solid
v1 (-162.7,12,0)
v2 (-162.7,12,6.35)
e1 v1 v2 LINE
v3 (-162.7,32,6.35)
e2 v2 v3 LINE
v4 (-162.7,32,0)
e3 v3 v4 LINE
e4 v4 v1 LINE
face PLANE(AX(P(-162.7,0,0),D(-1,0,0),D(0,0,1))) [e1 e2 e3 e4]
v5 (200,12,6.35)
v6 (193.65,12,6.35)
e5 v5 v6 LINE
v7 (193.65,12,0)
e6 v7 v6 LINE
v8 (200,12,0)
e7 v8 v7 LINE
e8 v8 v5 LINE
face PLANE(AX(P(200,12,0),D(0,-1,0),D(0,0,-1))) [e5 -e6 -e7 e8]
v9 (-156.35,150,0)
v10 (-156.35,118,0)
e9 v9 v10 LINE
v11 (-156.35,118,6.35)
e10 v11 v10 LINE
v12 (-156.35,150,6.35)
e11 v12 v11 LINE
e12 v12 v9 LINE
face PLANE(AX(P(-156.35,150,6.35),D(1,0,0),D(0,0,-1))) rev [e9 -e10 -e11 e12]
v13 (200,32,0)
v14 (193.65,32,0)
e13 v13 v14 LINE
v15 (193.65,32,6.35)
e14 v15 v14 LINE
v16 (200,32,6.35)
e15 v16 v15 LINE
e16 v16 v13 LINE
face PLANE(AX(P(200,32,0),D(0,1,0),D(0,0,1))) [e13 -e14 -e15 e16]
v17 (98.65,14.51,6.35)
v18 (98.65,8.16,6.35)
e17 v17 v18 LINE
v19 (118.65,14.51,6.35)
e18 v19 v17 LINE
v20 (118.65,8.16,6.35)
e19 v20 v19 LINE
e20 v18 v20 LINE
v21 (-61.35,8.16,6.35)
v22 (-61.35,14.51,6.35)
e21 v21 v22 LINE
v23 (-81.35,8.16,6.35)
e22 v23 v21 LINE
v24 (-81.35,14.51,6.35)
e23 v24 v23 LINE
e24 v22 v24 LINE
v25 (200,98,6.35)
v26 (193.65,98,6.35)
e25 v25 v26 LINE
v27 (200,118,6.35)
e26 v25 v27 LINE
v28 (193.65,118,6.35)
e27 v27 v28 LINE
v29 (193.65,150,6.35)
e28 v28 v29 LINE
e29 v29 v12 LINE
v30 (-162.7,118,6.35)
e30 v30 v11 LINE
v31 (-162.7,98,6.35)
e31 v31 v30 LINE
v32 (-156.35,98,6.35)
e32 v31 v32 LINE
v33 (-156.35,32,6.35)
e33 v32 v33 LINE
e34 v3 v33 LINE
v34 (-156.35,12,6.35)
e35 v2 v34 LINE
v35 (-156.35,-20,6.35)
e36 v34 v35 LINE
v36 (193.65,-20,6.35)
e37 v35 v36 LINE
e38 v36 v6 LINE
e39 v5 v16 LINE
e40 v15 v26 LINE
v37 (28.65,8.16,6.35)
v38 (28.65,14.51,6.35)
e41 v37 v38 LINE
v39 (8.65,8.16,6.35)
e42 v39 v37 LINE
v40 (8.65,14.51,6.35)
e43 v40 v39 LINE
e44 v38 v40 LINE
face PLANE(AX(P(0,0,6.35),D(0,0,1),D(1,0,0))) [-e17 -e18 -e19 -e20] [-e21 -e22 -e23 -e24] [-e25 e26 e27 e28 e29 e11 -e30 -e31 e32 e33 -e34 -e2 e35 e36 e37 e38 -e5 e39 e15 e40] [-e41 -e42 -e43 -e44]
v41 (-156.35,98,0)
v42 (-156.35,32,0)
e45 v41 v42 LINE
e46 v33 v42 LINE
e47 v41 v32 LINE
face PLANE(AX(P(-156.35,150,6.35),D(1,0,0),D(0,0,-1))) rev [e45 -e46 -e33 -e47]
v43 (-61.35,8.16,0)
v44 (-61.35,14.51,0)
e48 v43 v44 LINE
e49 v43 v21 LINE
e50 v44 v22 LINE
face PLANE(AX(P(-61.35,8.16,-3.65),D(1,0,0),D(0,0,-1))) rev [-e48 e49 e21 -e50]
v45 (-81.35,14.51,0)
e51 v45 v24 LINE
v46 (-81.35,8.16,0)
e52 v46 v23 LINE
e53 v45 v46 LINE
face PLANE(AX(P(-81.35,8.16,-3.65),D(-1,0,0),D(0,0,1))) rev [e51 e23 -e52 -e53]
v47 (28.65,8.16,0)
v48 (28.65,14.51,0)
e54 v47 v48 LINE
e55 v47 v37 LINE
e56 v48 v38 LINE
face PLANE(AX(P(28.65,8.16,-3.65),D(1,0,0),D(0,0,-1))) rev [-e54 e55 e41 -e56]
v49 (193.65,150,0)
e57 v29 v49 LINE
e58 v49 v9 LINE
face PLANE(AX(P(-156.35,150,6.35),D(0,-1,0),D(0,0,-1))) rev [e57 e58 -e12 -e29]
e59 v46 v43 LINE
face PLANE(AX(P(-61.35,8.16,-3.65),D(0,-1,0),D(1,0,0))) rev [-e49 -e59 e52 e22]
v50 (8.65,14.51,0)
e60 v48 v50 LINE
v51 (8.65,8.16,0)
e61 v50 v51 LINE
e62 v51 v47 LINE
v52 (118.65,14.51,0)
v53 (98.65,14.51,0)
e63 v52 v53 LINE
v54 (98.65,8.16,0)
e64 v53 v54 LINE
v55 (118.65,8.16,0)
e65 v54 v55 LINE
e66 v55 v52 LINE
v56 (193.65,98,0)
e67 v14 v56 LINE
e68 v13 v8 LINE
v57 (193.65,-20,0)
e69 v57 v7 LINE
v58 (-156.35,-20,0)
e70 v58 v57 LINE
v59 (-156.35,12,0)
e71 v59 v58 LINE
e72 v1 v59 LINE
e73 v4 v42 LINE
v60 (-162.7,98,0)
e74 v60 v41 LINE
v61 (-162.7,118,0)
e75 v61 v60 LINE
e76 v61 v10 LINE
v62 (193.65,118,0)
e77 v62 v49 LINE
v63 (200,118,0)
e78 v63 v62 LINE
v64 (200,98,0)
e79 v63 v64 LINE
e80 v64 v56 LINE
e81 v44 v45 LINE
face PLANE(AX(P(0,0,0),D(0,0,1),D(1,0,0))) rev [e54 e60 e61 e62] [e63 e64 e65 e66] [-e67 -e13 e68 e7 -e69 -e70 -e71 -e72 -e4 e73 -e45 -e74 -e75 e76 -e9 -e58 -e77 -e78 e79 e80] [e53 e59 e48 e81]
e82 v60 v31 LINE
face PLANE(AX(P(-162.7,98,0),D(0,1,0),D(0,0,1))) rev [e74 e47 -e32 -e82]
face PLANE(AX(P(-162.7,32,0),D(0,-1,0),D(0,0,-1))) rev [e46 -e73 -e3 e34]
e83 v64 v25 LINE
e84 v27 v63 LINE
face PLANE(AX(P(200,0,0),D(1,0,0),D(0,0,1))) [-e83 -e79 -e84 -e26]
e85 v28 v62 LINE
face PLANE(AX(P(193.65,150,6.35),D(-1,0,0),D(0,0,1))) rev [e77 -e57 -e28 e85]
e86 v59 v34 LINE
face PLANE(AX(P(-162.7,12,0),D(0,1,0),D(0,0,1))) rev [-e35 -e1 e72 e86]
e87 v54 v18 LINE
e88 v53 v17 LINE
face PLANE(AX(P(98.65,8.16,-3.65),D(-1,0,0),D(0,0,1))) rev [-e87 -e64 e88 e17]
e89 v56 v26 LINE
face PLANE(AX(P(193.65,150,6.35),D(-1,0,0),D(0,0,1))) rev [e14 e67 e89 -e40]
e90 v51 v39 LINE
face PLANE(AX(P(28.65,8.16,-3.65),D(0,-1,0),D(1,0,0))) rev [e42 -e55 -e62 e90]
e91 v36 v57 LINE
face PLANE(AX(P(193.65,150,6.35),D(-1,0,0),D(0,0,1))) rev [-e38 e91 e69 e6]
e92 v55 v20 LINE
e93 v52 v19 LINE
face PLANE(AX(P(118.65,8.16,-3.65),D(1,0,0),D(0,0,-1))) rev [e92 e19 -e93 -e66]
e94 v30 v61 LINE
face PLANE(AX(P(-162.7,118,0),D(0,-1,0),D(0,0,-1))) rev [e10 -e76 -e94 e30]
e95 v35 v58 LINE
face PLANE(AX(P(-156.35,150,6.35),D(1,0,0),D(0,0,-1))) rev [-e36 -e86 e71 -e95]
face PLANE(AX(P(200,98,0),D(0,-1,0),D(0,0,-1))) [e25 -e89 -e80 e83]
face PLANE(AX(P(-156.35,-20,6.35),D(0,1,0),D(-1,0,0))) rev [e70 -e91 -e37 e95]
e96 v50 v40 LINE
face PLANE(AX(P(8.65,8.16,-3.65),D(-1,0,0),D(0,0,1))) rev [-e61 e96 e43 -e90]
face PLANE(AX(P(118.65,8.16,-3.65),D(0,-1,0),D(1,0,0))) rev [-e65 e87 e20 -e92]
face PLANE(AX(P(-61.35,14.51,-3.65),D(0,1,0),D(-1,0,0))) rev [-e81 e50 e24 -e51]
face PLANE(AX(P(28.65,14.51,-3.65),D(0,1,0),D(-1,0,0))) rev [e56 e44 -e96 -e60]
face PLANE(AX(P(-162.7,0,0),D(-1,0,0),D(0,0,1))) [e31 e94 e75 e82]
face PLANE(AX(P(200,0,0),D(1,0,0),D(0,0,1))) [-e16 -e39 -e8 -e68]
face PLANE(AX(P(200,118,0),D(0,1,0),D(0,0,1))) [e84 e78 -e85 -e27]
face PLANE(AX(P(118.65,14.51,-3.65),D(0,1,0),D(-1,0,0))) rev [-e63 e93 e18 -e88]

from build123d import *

# Parameters (mm, degrees)
CROQUIS1_W              = 350
CROQUIS1_H              = 170
SALIENTE_EXTRUIR1_DEPTH = 6.35
CROQUIS2_W              = 6.35
CROQUIS2_H              = 20
SALIENTE_EXTRUIR2_DEPTH = 6.35
CROQUIS4_W              = 20
CROQUIS4_H              = 6.35
CORTAR_EXTRUIR1_DEPTH   = 10


with BuildPart() as part:
    # Croquis1 → Saliente-Extruir1 (new body)
    with BuildSketch(Plane.XY):
        with Locations((18.650000026, 65)):
            Rectangle(CROQUIS1_W, CROQUIS1_H)
    extrude(amount=SALIENTE_EXTRUIR1_DEPTH)

    # Croquis2 → Saliente-Extruir2 (add)
    with BuildSketch(Plane.ZY.offset(156.349999974)):
        with Locations((3.175, 108)):
            Rectangle(CROQUIS2_W, CROQUIS2_H)
        with Locations((3.175, 22)):
            Rectangle(CROQUIS2_W, CROQUIS2_H)
    saliente_extruir2 = extrude(amount=SALIENTE_EXTRUIR2_DEPTH)

    # Simetría1: Saliente-Extruir2 across plane
    add(saliente_extruir2.mirror(Plane(origin=(18.650000026, 0, 0), x_dir=(0, 0, 1), z_dir=(1, 0, 0))))

    # Croquis4 → Cortar-Extruir1 (cut)
    with BuildSketch(Plane.XY.offset(6.35)):
        with Locations((18.650000026, 11.335)):
            Rectangle(CROQUIS4_W, CROQUIS4_H)
        with Locations((108.650000026, 11.335)):
            Rectangle(CROQUIS4_W, CROQUIS4_H)
        with Locations((-71.349999974, 11.335)):
            Rectangle(CROQUIS4_W, CROQUIS4_H)
    extrude(amount=-CORTAR_EXTRUIR1_DEPTH, mode=Mode.SUBTRACT)


solid = part.part
